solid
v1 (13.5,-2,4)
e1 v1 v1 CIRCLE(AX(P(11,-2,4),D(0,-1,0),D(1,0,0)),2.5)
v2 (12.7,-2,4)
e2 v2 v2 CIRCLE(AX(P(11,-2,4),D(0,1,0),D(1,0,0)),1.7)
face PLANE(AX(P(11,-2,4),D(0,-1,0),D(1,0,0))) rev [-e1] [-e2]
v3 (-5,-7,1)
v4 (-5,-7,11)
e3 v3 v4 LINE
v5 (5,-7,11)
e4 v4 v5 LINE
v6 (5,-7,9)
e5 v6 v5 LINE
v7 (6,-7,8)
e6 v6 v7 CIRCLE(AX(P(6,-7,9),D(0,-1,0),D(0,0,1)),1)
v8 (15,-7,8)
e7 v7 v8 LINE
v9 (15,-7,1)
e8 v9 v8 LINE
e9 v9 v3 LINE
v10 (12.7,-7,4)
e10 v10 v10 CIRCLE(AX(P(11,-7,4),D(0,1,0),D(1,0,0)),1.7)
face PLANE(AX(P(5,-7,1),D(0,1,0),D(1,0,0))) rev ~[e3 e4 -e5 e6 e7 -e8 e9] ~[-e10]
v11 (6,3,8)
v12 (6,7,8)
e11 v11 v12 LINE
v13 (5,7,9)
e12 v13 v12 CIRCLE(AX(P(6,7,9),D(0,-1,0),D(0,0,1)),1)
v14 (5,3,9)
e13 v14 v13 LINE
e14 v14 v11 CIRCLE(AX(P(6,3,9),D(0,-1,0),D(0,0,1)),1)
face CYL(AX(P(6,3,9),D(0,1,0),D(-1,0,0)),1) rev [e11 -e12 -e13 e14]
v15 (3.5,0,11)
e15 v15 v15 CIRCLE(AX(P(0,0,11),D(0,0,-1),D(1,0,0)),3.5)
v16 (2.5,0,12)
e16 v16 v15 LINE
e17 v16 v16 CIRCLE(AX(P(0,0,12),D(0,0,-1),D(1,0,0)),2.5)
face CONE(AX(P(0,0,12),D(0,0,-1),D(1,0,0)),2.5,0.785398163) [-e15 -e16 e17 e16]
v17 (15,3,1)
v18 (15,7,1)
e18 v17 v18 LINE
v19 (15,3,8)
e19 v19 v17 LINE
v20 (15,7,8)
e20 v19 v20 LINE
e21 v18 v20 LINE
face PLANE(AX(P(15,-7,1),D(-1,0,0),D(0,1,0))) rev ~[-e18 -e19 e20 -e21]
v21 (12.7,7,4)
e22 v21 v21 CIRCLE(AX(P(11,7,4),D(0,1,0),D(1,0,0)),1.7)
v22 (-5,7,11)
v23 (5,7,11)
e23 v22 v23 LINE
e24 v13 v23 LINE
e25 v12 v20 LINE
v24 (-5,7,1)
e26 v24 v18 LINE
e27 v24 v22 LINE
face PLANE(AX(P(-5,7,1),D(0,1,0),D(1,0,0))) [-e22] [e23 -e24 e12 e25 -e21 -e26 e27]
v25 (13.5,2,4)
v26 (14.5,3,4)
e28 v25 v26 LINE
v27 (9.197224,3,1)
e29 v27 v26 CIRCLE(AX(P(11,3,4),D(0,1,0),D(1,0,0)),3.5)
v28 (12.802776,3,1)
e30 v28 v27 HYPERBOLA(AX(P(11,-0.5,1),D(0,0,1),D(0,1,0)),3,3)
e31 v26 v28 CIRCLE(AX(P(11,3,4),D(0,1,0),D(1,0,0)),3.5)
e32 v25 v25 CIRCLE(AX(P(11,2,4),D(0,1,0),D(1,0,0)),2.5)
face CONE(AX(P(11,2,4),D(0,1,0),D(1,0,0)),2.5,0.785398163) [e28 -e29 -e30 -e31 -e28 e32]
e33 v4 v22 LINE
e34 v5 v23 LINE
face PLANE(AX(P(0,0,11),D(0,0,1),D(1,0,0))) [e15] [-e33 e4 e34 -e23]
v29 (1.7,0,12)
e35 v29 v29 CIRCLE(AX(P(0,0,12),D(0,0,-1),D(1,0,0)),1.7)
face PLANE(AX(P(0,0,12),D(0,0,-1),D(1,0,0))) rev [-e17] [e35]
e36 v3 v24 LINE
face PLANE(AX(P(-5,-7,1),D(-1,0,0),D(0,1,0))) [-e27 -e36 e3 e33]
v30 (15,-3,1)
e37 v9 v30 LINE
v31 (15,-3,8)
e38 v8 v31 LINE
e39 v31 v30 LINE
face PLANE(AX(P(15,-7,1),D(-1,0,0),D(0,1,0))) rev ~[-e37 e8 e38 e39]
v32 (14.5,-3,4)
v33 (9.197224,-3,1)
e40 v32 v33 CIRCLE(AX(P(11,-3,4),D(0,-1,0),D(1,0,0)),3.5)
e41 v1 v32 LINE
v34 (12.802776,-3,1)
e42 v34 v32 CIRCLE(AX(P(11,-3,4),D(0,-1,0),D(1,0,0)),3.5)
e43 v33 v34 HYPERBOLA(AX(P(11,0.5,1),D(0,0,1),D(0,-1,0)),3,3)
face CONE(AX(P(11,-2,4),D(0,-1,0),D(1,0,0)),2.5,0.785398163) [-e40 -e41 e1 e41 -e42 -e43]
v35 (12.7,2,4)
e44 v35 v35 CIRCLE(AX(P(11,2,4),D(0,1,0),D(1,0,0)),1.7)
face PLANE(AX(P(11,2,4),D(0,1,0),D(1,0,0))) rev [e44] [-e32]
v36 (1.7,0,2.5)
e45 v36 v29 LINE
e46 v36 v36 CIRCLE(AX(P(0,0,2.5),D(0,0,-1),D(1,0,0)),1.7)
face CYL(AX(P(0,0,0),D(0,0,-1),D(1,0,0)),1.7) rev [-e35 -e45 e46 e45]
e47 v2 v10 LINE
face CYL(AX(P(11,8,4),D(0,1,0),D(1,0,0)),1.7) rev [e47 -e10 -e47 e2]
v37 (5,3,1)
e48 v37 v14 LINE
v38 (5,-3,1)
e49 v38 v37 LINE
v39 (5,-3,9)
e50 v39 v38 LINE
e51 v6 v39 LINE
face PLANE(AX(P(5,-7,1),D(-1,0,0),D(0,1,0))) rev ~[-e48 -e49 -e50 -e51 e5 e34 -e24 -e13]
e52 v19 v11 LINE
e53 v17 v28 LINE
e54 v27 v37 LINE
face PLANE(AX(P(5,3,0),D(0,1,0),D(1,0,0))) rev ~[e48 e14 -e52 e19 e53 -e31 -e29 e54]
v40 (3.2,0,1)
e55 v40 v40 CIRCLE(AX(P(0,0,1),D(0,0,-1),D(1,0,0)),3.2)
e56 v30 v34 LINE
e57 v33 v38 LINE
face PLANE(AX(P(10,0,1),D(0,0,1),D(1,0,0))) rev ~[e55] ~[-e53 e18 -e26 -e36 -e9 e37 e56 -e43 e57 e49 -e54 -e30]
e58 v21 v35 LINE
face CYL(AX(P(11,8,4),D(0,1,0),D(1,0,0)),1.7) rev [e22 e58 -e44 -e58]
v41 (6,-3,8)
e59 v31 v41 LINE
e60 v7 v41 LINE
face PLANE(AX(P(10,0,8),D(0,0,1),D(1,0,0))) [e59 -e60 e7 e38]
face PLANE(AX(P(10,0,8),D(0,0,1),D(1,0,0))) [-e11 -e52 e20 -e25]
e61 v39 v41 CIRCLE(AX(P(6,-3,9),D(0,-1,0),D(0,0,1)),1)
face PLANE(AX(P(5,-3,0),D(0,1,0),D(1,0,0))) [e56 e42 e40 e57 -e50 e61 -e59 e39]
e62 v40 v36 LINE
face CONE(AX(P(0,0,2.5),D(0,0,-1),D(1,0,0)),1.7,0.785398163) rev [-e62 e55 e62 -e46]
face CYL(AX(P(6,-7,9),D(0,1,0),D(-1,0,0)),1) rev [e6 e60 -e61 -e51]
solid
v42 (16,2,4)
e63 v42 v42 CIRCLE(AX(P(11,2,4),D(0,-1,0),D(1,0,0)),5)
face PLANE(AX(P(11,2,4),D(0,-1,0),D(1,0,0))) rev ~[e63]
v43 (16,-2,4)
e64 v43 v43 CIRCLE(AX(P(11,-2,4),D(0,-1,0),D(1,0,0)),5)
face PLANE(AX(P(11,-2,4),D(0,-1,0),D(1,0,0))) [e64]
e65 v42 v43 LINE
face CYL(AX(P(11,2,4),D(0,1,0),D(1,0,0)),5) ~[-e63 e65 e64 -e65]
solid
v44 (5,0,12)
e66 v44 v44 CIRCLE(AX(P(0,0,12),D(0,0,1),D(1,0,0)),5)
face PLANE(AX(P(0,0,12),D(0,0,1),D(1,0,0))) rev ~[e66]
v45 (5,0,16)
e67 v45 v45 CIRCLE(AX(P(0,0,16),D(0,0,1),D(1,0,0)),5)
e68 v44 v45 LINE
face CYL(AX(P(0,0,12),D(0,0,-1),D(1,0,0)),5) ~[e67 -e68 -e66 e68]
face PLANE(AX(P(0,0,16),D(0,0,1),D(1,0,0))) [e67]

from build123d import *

# Parameters (mm, degrees)
CYLINDER082_R     = 5
CYLINDER082_DEPTH = 4
CYLINDER083_R     = 5
CYLINDER083_DEPTH = 4
CYLINDER084_R     = 1.7
CYLINDER084_DEPTH = 18
BOX002_W          = 11
BOX002_H          = 6
BOX002_DEPTH      = 10
BOX001_W          = 10
BOX001_H          = 14
BOX001_DEPTH      = 7
BOX003_W          = 10
BOX003_H          = 10
BOX003_DEPTH      = 10
CYLINDER_R        = 1.7
CYLINDER_DEPTH    = 14
BOX_W             = 10
BOX_H             = 14
BOX_DEPTH         = 10
CHAMFER_SIZE      = 1.5
FILLET_R          = 1


with BuildPart() as f_623_bearing:
    # Cylinder082 → Cylinder082 (new body)
    with BuildSketch(Plane.XY.offset(12)):
        Circle(CYLINDER082_R)
    extrude(amount=CYLINDER082_DEPTH)


with BuildPart() as f_623_bearing001:
    # Cylinder083 → Cylinder083 (new body)
    with BuildSketch(Plane(origin=(11, 2, 4), x_dir=(1, 0, 0), z_dir=(0, -1, 0))):
        Circle(CYLINDER083_R)
    extrude(amount=CYLINDER083_DEPTH)


with BuildPart() as screw:
    # Cylinder084 → Cylinder084 (new body)
    with BuildSketch(Plane(origin=(11, 8, 4), x_dir=(1, 0, 0), z_dir=(0, -1, 0))):
        Circle(CYLINDER084_R)
    extrude(amount=CYLINDER084_DEPTH)


with BuildPart() as cube002:
    # Box002 → Box002 (new body)
    with BuildSketch(Plane(origin=(5, -3, 0), x_dir=(1, 0, 0), z_dir=(0, 0, 1))):
        with Locations((5.5, 3)):
            Rectangle(BOX002_W, BOX002_H)
    extrude(amount=BOX002_DEPTH)


with BuildPart() as cut:
    # Box001 → Box001 (new body)
    with BuildSketch(Plane(origin=(5, -7, 1), x_dir=(1, 0, 0), z_dir=(0, 0, 1))):
        with Locations((5, 7)):
            Rectangle(BOX001_W, BOX001_H)
    extrude(amount=BOX001_DEPTH)

    # Cut: cut Cube002
    add(cube002.part, mode=Mode.SUBTRACT)


with BuildPart() as cube003:
    # Box003 → Box003 (new body)
    with BuildSketch(Plane(origin=(5, -5, -9), x_dir=(1, 0, 0), z_dir=(0, 0, 1))):
        with Locations((5, 5)):
            Rectangle(BOX003_W, BOX003_H)
    extrude(amount=BOX003_DEPTH)


with BuildPart() as cone002:
    # Cone002 → Cone002 (revolve)
    with BuildSketch(Plane(origin=(11, 2, 4), x_dir=(1, 0, 0), z_dir=(0, 0, 1))):
        Polygon((0, 0), (2.5, 0), (3.5, 1), (0, 1), align=None)
    revolve(axis=Axis((11, 2, 4), (0, 1, 0)))


with BuildPart() as cut002:
    # Cone001 → Cone001 (revolve)
    with BuildSketch(Plane(origin=(11, -2, 4), x_dir=(1, 0, 0), z_dir=(0, 0, -1))):
        Polygon((0, 0), (2.5, 0), (3.5, 1), (0, 1), align=None)
    revolve(axis=Axis((11, -2, 4), (0, -1, 0)))

    # Fusion: union Cone002
    add(cone002.part)

    # Cut001: cut Cube003
    add(cube003.part, mode=Mode.SUBTRACT)

    # Fusion001: union Cut
    add(cut.part)

    # Cut002: cut screw
    add(screw.part, mode=Mode.SUBTRACT)


with BuildPart() as cylinder:
    # Cylinder → Cylinder (new body)
    with BuildSketch(Plane.XY):
        Circle(CYLINDER_R)
    extrude(amount=CYLINDER_DEPTH)


with BuildPart() as cone:
    # Cone → Cone (revolve)
    with BuildSketch(Plane(origin=(0, 0, 12), x_dir=(1, 0, 0), z_dir=(0, 1, 0))):
        Polygon((0, 0), (2.5, 0), (3.5, 1), (0, 1), align=None)
    revolve(axis=Axis((0, 0, 12), (0, 0, -1)))


with BuildPart() as fillet_body:
    # Box → Box (new body)
    with BuildSketch(Plane(origin=(-5, -7, 1), x_dir=(1, 0, 0), z_dir=(0, 0, 1))):
        with Locations((5, 7)):
            Rectangle(BOX_W, BOX_H)
    extrude(amount=BOX_DEPTH)

    # Fusion002: union Cone
    add(cone.part)

    # Cut003: cut Cylinder
    add(cylinder.part, mode=Mode.SUBTRACT)

    # Fusion003: union Cut002
    add(cut002.part)

    # Chamfer
    chamfer_edges = [fillet_body.edges().sort_by_distance(p)[0] for p in [
        (-1.7, 0, 1),
    ]]
    chamfer(chamfer_edges, length=CHAMFER_SIZE)

    # Fillet
    fillet_edges = [fillet_body.edges().sort_by_distance(p)[0] for p in [
        (5, 5, 8),
        (5, -5, 8),
    ]]
    fillet(fillet_edges, radius=FILLET_R)


solid = Compound([f_623_bearing.part, f_623_bearing001.part, fillet_body.part])
